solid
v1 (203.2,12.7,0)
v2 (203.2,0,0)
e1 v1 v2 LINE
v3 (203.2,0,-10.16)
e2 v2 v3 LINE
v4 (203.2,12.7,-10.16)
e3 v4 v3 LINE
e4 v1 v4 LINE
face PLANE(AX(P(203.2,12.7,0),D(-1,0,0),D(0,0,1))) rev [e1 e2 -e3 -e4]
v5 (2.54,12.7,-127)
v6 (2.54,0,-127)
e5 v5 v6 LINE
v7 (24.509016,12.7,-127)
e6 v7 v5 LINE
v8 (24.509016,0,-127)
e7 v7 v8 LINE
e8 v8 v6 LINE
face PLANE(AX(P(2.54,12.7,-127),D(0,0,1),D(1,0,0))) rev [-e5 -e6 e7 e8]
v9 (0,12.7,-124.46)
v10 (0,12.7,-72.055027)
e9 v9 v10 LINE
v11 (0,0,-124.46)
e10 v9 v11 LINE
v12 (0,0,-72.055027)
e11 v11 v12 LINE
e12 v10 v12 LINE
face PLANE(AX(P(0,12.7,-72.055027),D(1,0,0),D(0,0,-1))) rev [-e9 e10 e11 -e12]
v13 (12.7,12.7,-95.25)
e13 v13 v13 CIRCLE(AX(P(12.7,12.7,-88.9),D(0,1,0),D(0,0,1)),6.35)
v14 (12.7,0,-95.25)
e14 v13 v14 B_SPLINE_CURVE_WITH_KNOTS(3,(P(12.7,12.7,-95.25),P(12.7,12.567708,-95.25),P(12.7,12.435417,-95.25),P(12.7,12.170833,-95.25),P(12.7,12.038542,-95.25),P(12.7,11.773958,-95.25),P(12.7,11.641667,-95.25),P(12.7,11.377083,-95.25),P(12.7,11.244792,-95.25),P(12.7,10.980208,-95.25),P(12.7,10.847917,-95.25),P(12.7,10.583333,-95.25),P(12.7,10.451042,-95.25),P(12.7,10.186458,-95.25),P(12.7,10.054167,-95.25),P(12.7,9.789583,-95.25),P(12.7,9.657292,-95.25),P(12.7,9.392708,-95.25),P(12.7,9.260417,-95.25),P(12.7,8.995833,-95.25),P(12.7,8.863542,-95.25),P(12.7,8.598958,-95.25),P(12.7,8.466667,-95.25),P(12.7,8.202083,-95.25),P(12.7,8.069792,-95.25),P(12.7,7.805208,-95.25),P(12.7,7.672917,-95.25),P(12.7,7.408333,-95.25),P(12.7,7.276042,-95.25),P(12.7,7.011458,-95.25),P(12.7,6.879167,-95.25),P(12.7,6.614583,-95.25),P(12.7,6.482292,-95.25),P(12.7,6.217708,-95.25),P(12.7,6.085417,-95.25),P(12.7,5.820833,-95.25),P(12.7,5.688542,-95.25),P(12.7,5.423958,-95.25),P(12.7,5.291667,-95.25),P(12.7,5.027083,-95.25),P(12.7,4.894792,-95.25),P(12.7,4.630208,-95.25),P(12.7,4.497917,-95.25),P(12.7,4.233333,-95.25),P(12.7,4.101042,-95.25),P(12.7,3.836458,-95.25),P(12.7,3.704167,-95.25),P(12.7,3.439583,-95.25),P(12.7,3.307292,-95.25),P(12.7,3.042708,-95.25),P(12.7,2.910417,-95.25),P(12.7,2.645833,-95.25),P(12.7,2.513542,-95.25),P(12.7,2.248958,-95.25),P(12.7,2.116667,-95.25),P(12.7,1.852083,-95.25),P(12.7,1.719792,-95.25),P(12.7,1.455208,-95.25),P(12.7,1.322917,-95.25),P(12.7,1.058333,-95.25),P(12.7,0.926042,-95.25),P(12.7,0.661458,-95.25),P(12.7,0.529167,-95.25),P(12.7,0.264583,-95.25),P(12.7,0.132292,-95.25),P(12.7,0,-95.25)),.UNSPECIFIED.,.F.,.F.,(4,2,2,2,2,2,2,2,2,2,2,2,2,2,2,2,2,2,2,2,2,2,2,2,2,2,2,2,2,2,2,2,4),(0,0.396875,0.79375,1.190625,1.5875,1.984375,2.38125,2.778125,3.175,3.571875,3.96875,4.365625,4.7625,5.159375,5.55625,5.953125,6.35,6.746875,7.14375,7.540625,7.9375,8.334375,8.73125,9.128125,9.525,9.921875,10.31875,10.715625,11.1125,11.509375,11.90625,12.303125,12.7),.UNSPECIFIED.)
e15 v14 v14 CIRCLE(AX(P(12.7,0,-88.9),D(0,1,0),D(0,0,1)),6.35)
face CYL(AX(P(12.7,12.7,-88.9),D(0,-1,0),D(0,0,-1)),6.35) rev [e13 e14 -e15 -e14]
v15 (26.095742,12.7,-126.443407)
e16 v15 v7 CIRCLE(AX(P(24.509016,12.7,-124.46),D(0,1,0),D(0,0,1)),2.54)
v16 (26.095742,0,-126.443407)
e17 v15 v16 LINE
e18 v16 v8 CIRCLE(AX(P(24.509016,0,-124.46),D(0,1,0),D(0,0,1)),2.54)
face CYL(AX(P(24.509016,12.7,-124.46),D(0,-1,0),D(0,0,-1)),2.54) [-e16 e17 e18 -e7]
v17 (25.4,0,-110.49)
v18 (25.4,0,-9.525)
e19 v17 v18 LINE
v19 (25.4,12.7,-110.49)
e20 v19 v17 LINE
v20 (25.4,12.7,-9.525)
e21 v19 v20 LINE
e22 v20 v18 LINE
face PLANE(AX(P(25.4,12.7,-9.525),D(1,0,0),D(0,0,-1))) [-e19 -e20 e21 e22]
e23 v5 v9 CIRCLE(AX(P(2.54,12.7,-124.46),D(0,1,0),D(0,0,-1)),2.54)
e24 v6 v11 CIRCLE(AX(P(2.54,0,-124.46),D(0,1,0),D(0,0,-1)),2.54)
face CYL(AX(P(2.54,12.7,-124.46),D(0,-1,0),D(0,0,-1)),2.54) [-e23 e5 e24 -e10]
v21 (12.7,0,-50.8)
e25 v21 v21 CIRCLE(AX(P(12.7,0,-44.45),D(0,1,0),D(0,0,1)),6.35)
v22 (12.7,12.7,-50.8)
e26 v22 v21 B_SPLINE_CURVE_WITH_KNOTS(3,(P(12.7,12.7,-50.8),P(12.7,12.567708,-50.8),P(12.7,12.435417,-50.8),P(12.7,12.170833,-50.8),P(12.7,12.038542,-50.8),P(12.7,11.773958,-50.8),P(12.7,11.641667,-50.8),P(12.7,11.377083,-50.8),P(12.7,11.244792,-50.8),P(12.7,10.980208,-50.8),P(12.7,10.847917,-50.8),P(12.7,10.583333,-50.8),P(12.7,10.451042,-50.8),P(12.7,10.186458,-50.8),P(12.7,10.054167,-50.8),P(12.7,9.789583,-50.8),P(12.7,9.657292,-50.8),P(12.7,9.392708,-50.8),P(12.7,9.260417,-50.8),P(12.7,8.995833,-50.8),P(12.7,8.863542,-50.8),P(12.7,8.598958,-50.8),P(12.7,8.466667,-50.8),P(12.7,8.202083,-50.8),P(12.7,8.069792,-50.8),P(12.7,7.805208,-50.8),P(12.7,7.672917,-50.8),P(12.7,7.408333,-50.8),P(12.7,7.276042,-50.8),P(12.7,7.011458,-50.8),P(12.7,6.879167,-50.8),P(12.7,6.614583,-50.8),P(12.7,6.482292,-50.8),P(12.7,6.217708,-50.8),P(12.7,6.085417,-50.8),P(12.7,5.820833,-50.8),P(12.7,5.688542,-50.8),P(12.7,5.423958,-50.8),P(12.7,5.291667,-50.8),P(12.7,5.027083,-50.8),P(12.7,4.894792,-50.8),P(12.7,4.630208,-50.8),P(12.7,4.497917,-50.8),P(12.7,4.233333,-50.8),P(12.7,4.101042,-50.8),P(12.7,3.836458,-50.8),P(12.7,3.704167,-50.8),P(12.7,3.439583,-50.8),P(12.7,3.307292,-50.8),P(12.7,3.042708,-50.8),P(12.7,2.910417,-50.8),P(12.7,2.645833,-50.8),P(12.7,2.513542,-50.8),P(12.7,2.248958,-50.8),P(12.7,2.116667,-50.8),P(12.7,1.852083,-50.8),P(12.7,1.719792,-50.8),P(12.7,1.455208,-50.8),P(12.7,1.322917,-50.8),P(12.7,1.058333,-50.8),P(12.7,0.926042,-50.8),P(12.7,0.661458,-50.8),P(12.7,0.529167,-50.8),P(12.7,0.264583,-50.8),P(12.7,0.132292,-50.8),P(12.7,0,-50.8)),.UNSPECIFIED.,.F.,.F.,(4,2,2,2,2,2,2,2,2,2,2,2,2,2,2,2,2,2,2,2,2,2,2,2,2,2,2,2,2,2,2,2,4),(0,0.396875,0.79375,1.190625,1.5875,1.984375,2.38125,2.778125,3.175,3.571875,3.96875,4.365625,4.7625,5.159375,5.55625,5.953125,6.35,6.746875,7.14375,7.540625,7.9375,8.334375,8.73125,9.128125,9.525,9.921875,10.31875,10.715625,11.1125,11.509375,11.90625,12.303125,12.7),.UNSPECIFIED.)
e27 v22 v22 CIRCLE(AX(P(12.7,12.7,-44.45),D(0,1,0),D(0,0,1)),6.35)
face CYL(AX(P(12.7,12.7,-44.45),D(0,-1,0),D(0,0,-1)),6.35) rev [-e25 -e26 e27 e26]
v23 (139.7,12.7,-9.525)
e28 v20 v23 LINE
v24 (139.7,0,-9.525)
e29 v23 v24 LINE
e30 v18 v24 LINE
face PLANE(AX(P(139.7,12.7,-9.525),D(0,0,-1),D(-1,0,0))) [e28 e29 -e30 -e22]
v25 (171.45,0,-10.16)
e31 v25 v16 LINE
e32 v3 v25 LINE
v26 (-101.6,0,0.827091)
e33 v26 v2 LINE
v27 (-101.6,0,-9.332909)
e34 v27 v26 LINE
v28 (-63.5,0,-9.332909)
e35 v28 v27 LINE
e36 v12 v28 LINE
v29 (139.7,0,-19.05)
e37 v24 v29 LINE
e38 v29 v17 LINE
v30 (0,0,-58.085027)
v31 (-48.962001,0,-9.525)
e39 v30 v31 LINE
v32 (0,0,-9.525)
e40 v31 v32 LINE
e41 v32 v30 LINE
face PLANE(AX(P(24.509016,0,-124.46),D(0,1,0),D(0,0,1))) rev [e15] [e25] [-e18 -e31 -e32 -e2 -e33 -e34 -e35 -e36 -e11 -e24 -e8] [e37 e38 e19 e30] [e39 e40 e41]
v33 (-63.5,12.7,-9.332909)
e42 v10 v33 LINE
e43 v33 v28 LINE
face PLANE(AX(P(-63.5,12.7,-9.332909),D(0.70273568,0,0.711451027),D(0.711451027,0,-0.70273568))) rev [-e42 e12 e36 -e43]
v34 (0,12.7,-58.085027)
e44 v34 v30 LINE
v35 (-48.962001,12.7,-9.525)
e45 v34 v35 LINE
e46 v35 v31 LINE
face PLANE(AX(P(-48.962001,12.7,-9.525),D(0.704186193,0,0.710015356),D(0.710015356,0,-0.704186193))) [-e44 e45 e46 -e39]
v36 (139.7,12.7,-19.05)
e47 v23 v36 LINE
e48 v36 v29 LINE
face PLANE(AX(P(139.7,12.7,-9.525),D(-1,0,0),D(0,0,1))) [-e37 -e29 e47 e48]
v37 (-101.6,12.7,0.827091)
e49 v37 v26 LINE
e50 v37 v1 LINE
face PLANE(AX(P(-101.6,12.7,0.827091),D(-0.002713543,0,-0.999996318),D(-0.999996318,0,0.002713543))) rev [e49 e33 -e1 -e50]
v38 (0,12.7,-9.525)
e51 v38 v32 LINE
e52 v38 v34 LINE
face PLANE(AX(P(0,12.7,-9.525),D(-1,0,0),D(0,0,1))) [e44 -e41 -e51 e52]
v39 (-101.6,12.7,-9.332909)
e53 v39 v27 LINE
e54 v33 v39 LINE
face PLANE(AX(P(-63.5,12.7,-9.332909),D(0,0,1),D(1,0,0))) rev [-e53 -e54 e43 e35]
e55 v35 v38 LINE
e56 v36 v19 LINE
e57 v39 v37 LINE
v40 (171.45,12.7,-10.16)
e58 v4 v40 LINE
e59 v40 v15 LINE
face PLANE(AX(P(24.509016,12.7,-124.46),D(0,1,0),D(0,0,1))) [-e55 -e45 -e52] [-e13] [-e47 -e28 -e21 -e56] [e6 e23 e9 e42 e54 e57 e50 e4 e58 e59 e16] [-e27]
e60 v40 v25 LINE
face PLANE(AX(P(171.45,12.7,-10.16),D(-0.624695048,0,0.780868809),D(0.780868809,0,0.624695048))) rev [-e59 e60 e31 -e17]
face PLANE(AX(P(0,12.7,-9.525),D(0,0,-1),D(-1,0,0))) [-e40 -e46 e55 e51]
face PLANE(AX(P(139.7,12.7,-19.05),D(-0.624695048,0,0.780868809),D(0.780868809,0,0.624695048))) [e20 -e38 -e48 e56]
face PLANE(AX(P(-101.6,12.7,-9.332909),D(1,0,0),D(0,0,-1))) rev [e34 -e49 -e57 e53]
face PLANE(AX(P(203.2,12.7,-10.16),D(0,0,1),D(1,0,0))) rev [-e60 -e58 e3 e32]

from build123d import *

# Parameters (mm, degrees)
SKETCH1_R           = 6.35
BOSS_EXTRUDE1_DEPTH = 12.7


with BuildPart() as part:
    # Sketch1 → Boss-Extrude1 (new body)
    with BuildSketch(Plane(origin=(0, 0, 0), x_dir=(1, 0, 0), z_dir=(0, 1, 0))):
        with BuildLine():
            Line((171.45, 10.16), (26.09574153, 126.443406776))
            ThreePointArc((26.09574153, 126.443406776), (25.34977374, 126.856815931), (24.509016109, 127))
            Line((24.509016109, 127), (2.54, 127))
            ThreePointArc((2.54, 127), (0.743948776, 126.256051224), (0, 124.46))
            Line((0, 124.46), (0, 72.055027479))
            Line((0, 72.055027479), (-63.5, 9.332908944))
            Line((-63.5, 9.332908944), (-101.6, 9.332908944))
            Line((-101.6, 9.332908944), (-101.6, -0.827091056))
            Line((-101.6, -0.827091056), (203.2, 0))
            Line((203.2, 0), (203.2, 10.16))
            Line((203.2, 10.16), (171.45, 10.16))
        make_face()
        with Locations(Location((12.7, 88.9, 0), (0, 0, 90))):
            Circle(SKETCH1_R, mode=Mode.SUBTRACT)
        with Locations(Location((12.7, 44.45, 0), (0, 0, 90))):
            Circle(SKETCH1_R, mode=Mode.SUBTRACT)
        Polygon((0, 9.525), (0, 58.085027479), (-48.962001116, 9.525), align=None, mode=Mode.SUBTRACT)
        Polygon((25.4, 9.525), (25.4, 110.49), (139.7, 19.05), (139.7, 9.525), align=None, mode=Mode.SUBTRACT)
    extrude(amount=BOSS_EXTRUDE1_DEPTH)


solid = part.part
